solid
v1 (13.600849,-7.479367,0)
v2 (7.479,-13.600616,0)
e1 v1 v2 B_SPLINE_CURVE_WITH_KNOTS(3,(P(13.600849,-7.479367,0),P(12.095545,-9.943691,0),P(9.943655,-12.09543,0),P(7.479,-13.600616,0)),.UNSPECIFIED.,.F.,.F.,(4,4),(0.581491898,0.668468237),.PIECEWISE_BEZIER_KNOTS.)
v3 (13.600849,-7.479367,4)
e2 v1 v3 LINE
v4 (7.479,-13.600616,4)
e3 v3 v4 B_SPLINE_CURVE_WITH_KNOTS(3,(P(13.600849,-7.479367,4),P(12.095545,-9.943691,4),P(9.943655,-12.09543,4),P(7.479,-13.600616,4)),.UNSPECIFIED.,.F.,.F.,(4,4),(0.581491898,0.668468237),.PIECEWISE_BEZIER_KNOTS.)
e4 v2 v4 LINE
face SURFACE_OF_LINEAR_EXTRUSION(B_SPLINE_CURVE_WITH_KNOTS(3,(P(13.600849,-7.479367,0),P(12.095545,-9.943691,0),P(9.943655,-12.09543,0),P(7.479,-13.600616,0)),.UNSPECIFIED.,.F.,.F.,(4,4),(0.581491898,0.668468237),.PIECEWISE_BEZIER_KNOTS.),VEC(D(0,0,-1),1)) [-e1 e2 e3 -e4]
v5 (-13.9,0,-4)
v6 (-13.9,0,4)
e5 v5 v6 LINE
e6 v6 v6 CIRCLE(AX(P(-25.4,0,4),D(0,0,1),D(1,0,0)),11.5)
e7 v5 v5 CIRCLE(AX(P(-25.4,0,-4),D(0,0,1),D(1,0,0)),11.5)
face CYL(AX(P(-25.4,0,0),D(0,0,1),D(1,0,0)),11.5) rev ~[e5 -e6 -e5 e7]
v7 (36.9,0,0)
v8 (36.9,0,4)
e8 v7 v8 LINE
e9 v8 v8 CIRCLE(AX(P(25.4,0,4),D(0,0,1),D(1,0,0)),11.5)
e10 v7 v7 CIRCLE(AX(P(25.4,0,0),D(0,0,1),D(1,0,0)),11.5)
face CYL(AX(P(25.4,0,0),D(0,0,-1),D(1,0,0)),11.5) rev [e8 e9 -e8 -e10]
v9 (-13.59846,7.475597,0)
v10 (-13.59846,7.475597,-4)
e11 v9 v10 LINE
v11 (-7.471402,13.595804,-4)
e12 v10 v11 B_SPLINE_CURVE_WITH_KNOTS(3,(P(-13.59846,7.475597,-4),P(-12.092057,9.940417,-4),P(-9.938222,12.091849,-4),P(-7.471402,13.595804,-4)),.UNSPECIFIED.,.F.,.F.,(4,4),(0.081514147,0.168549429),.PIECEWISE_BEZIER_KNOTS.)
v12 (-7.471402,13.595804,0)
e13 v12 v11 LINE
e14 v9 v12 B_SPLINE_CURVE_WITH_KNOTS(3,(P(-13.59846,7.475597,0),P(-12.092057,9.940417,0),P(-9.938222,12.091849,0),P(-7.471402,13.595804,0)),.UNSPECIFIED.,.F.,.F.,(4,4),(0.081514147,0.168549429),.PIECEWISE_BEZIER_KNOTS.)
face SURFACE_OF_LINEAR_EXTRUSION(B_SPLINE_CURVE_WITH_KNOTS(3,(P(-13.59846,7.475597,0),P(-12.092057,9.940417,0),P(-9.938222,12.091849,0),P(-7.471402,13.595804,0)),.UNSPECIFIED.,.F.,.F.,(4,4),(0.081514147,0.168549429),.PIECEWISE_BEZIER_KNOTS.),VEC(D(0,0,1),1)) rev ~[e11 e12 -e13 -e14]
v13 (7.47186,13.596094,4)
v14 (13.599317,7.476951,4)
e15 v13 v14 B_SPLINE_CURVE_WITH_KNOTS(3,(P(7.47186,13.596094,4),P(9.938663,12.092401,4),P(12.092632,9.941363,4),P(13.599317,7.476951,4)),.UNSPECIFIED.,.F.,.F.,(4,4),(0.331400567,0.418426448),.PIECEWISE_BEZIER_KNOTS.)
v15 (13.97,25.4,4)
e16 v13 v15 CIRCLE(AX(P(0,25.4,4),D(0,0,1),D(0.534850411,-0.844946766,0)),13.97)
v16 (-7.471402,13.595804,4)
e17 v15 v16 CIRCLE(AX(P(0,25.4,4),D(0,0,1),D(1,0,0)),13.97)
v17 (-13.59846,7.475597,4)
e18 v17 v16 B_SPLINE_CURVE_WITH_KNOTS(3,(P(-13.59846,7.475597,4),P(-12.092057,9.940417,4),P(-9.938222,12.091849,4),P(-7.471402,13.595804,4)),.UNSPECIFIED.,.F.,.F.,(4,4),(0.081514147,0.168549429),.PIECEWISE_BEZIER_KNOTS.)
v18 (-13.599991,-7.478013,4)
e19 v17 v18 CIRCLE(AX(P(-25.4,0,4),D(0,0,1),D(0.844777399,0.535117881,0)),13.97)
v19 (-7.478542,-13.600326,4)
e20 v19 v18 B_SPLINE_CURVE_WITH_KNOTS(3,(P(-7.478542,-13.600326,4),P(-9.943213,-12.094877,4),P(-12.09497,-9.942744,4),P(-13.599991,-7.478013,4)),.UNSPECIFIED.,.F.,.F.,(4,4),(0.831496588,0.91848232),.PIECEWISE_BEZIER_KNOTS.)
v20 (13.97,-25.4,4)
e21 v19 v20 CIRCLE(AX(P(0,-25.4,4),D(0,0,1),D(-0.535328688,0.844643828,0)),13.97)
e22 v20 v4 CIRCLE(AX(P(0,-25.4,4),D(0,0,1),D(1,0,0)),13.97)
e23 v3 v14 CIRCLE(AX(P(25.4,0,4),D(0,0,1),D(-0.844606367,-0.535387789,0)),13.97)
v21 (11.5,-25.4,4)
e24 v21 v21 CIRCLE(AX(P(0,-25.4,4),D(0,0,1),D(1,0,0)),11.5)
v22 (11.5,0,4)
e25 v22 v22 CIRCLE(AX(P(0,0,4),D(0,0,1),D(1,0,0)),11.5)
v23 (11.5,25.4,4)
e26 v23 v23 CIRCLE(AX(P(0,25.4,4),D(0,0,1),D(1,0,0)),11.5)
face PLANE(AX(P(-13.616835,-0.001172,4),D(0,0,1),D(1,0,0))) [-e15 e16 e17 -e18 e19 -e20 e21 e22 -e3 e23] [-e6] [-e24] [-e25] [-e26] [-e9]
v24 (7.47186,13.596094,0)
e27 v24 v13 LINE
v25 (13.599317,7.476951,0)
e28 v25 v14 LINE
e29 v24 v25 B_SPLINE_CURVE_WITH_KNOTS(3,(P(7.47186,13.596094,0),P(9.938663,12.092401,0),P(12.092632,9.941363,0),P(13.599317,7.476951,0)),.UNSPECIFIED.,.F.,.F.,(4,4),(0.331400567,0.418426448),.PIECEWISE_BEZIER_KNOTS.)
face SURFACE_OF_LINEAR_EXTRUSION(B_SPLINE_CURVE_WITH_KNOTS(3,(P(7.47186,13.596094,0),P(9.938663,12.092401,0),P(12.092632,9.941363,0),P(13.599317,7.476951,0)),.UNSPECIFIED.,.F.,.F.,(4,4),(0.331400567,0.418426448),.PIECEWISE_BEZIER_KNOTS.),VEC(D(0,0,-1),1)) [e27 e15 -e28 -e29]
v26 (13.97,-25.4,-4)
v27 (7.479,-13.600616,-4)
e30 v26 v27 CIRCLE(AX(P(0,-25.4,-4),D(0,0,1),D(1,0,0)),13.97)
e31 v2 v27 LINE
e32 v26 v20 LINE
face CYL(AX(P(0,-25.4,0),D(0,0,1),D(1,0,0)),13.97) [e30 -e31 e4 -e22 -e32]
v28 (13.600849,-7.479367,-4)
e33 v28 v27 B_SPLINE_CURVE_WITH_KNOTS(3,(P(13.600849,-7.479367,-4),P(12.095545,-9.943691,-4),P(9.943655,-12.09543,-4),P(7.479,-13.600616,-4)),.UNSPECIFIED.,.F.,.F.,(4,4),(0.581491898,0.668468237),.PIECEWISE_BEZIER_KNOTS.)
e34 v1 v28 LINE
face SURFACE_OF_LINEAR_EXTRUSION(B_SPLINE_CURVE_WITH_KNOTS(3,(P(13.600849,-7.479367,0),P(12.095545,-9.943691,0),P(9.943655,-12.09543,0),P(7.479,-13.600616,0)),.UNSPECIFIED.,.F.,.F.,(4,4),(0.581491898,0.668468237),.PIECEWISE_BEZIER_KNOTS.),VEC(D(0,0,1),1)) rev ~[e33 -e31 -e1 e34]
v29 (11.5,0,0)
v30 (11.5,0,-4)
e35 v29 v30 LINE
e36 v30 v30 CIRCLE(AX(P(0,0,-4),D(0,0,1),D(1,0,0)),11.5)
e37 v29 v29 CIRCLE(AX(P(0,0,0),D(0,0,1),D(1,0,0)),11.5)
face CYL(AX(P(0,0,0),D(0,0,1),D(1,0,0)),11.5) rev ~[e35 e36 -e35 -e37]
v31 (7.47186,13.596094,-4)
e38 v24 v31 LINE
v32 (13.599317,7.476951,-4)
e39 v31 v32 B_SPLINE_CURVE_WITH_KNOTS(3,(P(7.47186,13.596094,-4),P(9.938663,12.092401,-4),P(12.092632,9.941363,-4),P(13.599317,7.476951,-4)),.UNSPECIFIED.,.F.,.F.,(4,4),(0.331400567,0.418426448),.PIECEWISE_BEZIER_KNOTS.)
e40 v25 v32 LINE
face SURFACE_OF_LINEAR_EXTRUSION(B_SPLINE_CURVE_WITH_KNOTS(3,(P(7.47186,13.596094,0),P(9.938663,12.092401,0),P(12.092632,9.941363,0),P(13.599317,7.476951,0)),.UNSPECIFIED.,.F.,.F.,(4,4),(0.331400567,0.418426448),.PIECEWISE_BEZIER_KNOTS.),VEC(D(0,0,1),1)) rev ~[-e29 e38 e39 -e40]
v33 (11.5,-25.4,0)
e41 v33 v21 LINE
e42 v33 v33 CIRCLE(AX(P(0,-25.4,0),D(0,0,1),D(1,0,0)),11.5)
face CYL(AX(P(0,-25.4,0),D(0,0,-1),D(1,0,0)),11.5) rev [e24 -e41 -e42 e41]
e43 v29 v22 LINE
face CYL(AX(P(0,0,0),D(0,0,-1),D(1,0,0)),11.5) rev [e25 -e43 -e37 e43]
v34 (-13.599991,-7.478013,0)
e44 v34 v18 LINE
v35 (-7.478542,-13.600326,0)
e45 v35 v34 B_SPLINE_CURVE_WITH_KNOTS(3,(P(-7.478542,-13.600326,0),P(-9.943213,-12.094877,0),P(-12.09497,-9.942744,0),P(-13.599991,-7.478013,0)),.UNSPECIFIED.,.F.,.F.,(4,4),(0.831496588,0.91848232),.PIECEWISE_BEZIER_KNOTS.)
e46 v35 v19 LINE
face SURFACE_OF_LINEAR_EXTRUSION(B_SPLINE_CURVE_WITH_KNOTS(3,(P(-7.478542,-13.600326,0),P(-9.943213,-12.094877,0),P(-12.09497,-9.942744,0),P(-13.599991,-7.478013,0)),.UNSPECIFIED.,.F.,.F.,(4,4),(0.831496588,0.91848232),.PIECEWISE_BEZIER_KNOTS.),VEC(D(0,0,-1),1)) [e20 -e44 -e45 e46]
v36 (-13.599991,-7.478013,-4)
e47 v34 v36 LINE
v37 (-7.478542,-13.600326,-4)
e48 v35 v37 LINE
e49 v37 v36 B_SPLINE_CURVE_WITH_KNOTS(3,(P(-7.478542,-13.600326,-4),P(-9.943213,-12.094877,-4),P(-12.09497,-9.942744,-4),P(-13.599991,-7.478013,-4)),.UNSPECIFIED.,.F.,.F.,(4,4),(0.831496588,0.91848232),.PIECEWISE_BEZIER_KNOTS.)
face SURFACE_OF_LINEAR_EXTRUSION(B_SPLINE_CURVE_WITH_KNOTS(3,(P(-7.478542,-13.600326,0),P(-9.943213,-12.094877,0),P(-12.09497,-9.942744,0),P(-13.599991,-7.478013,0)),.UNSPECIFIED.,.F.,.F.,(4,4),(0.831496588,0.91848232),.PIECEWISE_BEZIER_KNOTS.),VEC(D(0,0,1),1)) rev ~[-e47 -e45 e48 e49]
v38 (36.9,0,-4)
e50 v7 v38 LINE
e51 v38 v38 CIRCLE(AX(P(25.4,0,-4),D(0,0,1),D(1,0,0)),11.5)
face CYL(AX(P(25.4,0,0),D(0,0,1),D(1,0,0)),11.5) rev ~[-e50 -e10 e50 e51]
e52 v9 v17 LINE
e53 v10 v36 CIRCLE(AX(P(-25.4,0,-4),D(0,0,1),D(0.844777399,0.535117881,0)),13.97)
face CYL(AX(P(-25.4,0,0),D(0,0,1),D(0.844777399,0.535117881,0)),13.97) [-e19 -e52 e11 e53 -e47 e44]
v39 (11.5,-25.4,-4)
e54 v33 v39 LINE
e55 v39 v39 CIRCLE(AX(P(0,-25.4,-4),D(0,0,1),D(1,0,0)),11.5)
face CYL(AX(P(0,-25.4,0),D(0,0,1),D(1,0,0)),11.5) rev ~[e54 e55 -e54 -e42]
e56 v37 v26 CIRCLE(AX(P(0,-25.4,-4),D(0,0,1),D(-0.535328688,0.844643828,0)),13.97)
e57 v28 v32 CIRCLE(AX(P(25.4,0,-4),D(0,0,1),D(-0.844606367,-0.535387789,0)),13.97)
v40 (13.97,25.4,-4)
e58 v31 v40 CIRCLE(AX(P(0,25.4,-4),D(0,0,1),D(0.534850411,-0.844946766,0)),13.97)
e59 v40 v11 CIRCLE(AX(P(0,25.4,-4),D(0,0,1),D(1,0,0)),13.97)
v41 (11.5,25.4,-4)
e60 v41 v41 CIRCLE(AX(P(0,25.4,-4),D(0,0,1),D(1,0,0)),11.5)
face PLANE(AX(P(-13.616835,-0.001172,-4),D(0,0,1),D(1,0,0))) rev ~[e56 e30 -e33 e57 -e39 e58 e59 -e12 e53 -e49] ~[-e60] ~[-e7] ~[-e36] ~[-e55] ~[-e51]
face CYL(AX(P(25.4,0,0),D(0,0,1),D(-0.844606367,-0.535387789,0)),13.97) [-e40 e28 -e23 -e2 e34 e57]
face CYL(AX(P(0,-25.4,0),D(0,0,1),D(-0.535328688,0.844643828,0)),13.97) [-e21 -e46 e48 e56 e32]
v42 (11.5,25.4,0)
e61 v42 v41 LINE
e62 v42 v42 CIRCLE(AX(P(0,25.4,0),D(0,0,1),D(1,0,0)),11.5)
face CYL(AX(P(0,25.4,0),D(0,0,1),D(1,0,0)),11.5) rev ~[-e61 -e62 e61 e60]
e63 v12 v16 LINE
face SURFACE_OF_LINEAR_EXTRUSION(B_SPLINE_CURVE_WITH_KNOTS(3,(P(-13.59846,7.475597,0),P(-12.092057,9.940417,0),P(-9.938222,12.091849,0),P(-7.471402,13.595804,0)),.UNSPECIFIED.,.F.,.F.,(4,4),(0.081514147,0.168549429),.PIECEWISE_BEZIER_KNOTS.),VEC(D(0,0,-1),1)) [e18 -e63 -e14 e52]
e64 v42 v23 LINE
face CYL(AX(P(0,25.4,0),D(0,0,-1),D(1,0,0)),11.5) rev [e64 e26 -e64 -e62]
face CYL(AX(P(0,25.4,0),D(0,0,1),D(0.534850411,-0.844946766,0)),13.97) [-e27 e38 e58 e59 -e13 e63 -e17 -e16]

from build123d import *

# Parameters (mm, degrees)
F2_DEPTH = 4
F0_R     = 11.5
F3_DEPTH = 4


with BuildPart() as f2:
    # F1 (on Top) → F2 (new body, symmetric)
    with BuildSketch(Plane.XY):
        with BuildLine():
            ThreePointArc((-13.5999908393, -7.4780133596), (-11.983461177, -3.8932487735), (-11.43, 0))
            ThreePointArc((-11.43, 0), (-11.9830626174, 3.891875033), (-13.5984597383, 7.4755967957))
            add(Edge.make_bspline(
                [(-15.8525407314, 0), (-15.8522471897, 2.5837824299), (-15.0093024718, 5.1671341097), (-13.5984597383, 7.4755967957)],
                knots=[0, 0, 0, 0, 0.0815141474, 0.0815141474, 0.0815141474, 0.0815141474], degree=3))
            add(Edge.make_bspline(
                [(-13.5999908393, -7.4780133596), (-15.0104036313, -5.1682195796), (-15.8528342859, -2.583894396), (-15.8525407314, 0)],
                knots=[0.9184823203, 0.9184823203, 0.9184823203, 0.9184823203, 1, 1, 1, 1], degree=3))
        make_face()
        with BuildLine():
            ThreePointArc((-13.5984597383, 7.4755967957), (-11.9830626174, 3.891875033), (-11.43, 0))
            ThreePointArc((-11.43, 0), (-11.983461177, -3.8932487735), (-13.5999908393, -7.4780133596))
            add(Edge.make_bspline(
                [(-7.4785417751, -13.6003257283), (-9.9432134858, -12.0948774028), (-12.0949702136, -9.9427437558), (-13.5999908393, -7.4780133596)],
                knots=[0.8314965882, 0.8314965882, 0.8314965882, 0.8314965882, 0.9184823203, 0.9184823203, 0.9184823203, 0.9184823203], degree=3))
            ThreePointArc((-7.4785417751, -13.6003257283), (0.0002714697, -11.4300000026), (7.4790003598, -13.6006163882))
            add(Edge.make_bspline(
                [(13.6008490507, -7.4793674115), (12.0955450693, -9.9436905864), (9.9436552045, -12.0954300948), (7.4790003598, -13.6006163882)],
                knots=[0.5814918981, 0.5814918981, 0.5814918981, 0.5814918981, 0.6684682369, 0.6684682369, 0.6684682369, 0.6684682369], degree=3))
            ThreePointArc((13.6008490507, -7.4793674115), (11.4300000733, -0.0014306429), (13.5993174007, 7.4769505944))
            add(Edge.make_bspline(
                [(7.4718602429, 13.5960936758), (9.9386630737, 12.0924010227), (12.0926316746, 9.941363048), (13.5993174007, 7.4769505944)],
                knots=[0.3314005666, 0.3314005666, 0.3314005666, 0.3314005666, 0.4184264481, 0.4184264481, 0.4184264481, 0.4184264481], degree=3))
            ThreePointArc((7.4718602429, 13.5960936758), (0.0002712159, 11.4300000026), (-7.4714019113, 13.5958035648))
            add(Edge.make_bspline(
                [(-13.5984597383, 7.4755967957), (-12.0920574929, 9.9404167869), (-9.9382219246, 12.0918490046), (-7.4714019113, 13.5958035648)],
                knots=[0.0815141474, 0.0815141474, 0.0815141474, 0.0815141474, 0.168549429, 0.168549429, 0.168549429, 0.168549429], degree=3))
        make_face()
        with BuildLine():
            add(Edge.make_bspline(
                [(-15.8525407314, 0), (-15.8522471897, 2.5837824299), (-15.0093024718, 5.1671341097), (-13.5984597383, 7.4755967957)],
                knots=[0, 0, 0, 0, 0.0815141474, 0.0815141474, 0.0815141474, 0.0815141474], degree=3))
            ThreePointArc((-13.5984597383, 7.4755967957), (-39.3699999268, 0.001430389), (-13.5999908393, -7.4780133596))
            add(Edge.make_bspline(
                [(-13.5999908393, -7.4780133596), (-15.0104036313, -5.1682195796), (-15.8528342859, -2.583894396), (-15.8525407314, 0)],
                knots=[0.9184823203, 0.9184823203, 0.9184823203, 0.9184823203, 1, 1, 1, 1], degree=3))
        make_face()
        with BuildLine():
            add(Edge.make_bspline(
                [(-7.4714019113, 13.5958035648), (-5.1635862062, 15.0028174269), (-6.01624e-05, 16.6834550003), (5.1637921907, 15.0030261348), (7.4718602429, 13.5960936758)],
                knots=[0.168549429, 0.168549429, 0.168549429, 0.168549429, 0.2499746601, 0.3314005666, 0.3314005666, 0.3314005666, 0.3314005666], degree=3))
            ThreePointArc((-7.4714019113, 13.5958035648), (0.0002712159, 11.4300000026), (7.4718602429, 13.5960936758))
        make_face()
        with BuildLine():
            ThreePointArc((13.97, 25.4), (-6.7374110495, 37.6379815472), (-7.4714019113, 13.5958035648))
            add(Edge.make_bspline(
                [(-7.4714019113, 13.5958035648), (-5.1635862062, 15.0028174269), (-6.01624e-05, 16.6834550003), (5.1637921907, 15.0030261348), (7.4718602429, 13.5960936758)],
                knots=[0.168549429, 0.168549429, 0.168549429, 0.168549429, 0.2499746601, 0.3314005666, 0.3314005666, 0.3314005666, 0.3314005666], degree=3))
            ThreePointArc((7.4718602429, 13.5960936758), (12.2381123461, 18.662826542), (13.97, 25.4))
        make_face()
        with BuildLine():
            add(Edge.make_bspline(
                [(7.4790003598, -13.6006163882), (5.169117738, -15.0112819299), (-6.05056e-05, -16.6968060532), (-5.1689117665, -15.0110728934), (-7.4785417751, -13.6003257283)],
                knots=[0.6684682369, 0.6684682369, 0.6684682369, 0.6684682369, 0.7499827475, 0.8314965882, 0.8314965882, 0.8314965882, 0.8314965882], degree=3))
            ThreePointArc((-7.4785417751, -13.6003257283), (-6.7337089112, -37.6400189664), (13.97, -25.4))
            ThreePointArc((13.97, -25.4), (12.2401498158, -18.6665289421), (7.4790003598, -13.6006163882))
        make_face()
        with BuildLine():
            ThreePointArc((7.4790003598, -13.6006163882), (0.0002714697, -11.4300000026), (-7.4785417751, -13.6003257283))
            add(Edge.make_bspline(
                [(7.4790003598, -13.6006163882), (5.169117738, -15.0112819299), (-6.05056e-05, -16.6968060532), (-5.1689117665, -15.0110728934), (-7.4785417751, -13.6003257283)],
                knots=[0.6684682369, 0.6684682369, 0.6684682369, 0.6684682369, 0.7499827475, 0.8314965882, 0.8314965882, 0.8314965882, 0.8314965882], degree=3))
        make_face()
        with BuildLine():
            add(Edge.make_bspline(
                [(13.5993174007, 7.4769505944), (15.010869159, 5.1681441381), (16.697763129, 0.000319146), (15.0119706471, -5.1692295952), (13.6008490507, -7.4793674115)],
                knots=[0.4184264481, 0.4184264481, 0.4184264481, 0.4184264481, 0.4999574097, 0.5814918981, 0.5814918981, 0.5814918981, 0.5814918981], degree=3))
            ThreePointArc((13.5993174007, 7.4769505944), (11.4300000733, -0.0014306429), (13.6008490507, -7.4793674115))
        make_face()
        with BuildLine():
            ThreePointArc((39.37, 0), (29.292644608, 13.4167141266), (13.5993174007, 7.4769505944))
            add(Edge.make_bspline(
                [(13.5993174007, 7.4769505944), (15.010869159, 5.1681441381), (16.697763129, 0.000319146), (15.0119706471, -5.1692295952), (13.6008490507, -7.4793674115)],
                knots=[0.4184264481, 0.4184264481, 0.4184264481, 0.4184264481, 0.4999574097, 0.5814918981, 0.5814918981, 0.5814918981, 0.5814918981], degree=3))
            ThreePointArc((13.6008490507, -7.4793674115), (29.2940185695, -13.4163154175), (39.37, 0))
        make_face()
    extrude(amount=F2_DEPTH, both=True)

    # F0 (on Top) → F3 (cut, symmetric)
    with BuildSketch(Plane.XY):
        Circle(F0_R)
        with Locations((0, -25.4)):
            Circle(F0_R)
        with Locations((25.4, 0)):
            Circle(F0_R)
        with Locations((0, 25.4)):
            Circle(F0_R)
        with Locations((-25.4, 0)):
            Circle(F0_R)
    extrude(amount=F3_DEPTH, both=True, mode=Mode.SUBTRACT)


solid = f2.part
